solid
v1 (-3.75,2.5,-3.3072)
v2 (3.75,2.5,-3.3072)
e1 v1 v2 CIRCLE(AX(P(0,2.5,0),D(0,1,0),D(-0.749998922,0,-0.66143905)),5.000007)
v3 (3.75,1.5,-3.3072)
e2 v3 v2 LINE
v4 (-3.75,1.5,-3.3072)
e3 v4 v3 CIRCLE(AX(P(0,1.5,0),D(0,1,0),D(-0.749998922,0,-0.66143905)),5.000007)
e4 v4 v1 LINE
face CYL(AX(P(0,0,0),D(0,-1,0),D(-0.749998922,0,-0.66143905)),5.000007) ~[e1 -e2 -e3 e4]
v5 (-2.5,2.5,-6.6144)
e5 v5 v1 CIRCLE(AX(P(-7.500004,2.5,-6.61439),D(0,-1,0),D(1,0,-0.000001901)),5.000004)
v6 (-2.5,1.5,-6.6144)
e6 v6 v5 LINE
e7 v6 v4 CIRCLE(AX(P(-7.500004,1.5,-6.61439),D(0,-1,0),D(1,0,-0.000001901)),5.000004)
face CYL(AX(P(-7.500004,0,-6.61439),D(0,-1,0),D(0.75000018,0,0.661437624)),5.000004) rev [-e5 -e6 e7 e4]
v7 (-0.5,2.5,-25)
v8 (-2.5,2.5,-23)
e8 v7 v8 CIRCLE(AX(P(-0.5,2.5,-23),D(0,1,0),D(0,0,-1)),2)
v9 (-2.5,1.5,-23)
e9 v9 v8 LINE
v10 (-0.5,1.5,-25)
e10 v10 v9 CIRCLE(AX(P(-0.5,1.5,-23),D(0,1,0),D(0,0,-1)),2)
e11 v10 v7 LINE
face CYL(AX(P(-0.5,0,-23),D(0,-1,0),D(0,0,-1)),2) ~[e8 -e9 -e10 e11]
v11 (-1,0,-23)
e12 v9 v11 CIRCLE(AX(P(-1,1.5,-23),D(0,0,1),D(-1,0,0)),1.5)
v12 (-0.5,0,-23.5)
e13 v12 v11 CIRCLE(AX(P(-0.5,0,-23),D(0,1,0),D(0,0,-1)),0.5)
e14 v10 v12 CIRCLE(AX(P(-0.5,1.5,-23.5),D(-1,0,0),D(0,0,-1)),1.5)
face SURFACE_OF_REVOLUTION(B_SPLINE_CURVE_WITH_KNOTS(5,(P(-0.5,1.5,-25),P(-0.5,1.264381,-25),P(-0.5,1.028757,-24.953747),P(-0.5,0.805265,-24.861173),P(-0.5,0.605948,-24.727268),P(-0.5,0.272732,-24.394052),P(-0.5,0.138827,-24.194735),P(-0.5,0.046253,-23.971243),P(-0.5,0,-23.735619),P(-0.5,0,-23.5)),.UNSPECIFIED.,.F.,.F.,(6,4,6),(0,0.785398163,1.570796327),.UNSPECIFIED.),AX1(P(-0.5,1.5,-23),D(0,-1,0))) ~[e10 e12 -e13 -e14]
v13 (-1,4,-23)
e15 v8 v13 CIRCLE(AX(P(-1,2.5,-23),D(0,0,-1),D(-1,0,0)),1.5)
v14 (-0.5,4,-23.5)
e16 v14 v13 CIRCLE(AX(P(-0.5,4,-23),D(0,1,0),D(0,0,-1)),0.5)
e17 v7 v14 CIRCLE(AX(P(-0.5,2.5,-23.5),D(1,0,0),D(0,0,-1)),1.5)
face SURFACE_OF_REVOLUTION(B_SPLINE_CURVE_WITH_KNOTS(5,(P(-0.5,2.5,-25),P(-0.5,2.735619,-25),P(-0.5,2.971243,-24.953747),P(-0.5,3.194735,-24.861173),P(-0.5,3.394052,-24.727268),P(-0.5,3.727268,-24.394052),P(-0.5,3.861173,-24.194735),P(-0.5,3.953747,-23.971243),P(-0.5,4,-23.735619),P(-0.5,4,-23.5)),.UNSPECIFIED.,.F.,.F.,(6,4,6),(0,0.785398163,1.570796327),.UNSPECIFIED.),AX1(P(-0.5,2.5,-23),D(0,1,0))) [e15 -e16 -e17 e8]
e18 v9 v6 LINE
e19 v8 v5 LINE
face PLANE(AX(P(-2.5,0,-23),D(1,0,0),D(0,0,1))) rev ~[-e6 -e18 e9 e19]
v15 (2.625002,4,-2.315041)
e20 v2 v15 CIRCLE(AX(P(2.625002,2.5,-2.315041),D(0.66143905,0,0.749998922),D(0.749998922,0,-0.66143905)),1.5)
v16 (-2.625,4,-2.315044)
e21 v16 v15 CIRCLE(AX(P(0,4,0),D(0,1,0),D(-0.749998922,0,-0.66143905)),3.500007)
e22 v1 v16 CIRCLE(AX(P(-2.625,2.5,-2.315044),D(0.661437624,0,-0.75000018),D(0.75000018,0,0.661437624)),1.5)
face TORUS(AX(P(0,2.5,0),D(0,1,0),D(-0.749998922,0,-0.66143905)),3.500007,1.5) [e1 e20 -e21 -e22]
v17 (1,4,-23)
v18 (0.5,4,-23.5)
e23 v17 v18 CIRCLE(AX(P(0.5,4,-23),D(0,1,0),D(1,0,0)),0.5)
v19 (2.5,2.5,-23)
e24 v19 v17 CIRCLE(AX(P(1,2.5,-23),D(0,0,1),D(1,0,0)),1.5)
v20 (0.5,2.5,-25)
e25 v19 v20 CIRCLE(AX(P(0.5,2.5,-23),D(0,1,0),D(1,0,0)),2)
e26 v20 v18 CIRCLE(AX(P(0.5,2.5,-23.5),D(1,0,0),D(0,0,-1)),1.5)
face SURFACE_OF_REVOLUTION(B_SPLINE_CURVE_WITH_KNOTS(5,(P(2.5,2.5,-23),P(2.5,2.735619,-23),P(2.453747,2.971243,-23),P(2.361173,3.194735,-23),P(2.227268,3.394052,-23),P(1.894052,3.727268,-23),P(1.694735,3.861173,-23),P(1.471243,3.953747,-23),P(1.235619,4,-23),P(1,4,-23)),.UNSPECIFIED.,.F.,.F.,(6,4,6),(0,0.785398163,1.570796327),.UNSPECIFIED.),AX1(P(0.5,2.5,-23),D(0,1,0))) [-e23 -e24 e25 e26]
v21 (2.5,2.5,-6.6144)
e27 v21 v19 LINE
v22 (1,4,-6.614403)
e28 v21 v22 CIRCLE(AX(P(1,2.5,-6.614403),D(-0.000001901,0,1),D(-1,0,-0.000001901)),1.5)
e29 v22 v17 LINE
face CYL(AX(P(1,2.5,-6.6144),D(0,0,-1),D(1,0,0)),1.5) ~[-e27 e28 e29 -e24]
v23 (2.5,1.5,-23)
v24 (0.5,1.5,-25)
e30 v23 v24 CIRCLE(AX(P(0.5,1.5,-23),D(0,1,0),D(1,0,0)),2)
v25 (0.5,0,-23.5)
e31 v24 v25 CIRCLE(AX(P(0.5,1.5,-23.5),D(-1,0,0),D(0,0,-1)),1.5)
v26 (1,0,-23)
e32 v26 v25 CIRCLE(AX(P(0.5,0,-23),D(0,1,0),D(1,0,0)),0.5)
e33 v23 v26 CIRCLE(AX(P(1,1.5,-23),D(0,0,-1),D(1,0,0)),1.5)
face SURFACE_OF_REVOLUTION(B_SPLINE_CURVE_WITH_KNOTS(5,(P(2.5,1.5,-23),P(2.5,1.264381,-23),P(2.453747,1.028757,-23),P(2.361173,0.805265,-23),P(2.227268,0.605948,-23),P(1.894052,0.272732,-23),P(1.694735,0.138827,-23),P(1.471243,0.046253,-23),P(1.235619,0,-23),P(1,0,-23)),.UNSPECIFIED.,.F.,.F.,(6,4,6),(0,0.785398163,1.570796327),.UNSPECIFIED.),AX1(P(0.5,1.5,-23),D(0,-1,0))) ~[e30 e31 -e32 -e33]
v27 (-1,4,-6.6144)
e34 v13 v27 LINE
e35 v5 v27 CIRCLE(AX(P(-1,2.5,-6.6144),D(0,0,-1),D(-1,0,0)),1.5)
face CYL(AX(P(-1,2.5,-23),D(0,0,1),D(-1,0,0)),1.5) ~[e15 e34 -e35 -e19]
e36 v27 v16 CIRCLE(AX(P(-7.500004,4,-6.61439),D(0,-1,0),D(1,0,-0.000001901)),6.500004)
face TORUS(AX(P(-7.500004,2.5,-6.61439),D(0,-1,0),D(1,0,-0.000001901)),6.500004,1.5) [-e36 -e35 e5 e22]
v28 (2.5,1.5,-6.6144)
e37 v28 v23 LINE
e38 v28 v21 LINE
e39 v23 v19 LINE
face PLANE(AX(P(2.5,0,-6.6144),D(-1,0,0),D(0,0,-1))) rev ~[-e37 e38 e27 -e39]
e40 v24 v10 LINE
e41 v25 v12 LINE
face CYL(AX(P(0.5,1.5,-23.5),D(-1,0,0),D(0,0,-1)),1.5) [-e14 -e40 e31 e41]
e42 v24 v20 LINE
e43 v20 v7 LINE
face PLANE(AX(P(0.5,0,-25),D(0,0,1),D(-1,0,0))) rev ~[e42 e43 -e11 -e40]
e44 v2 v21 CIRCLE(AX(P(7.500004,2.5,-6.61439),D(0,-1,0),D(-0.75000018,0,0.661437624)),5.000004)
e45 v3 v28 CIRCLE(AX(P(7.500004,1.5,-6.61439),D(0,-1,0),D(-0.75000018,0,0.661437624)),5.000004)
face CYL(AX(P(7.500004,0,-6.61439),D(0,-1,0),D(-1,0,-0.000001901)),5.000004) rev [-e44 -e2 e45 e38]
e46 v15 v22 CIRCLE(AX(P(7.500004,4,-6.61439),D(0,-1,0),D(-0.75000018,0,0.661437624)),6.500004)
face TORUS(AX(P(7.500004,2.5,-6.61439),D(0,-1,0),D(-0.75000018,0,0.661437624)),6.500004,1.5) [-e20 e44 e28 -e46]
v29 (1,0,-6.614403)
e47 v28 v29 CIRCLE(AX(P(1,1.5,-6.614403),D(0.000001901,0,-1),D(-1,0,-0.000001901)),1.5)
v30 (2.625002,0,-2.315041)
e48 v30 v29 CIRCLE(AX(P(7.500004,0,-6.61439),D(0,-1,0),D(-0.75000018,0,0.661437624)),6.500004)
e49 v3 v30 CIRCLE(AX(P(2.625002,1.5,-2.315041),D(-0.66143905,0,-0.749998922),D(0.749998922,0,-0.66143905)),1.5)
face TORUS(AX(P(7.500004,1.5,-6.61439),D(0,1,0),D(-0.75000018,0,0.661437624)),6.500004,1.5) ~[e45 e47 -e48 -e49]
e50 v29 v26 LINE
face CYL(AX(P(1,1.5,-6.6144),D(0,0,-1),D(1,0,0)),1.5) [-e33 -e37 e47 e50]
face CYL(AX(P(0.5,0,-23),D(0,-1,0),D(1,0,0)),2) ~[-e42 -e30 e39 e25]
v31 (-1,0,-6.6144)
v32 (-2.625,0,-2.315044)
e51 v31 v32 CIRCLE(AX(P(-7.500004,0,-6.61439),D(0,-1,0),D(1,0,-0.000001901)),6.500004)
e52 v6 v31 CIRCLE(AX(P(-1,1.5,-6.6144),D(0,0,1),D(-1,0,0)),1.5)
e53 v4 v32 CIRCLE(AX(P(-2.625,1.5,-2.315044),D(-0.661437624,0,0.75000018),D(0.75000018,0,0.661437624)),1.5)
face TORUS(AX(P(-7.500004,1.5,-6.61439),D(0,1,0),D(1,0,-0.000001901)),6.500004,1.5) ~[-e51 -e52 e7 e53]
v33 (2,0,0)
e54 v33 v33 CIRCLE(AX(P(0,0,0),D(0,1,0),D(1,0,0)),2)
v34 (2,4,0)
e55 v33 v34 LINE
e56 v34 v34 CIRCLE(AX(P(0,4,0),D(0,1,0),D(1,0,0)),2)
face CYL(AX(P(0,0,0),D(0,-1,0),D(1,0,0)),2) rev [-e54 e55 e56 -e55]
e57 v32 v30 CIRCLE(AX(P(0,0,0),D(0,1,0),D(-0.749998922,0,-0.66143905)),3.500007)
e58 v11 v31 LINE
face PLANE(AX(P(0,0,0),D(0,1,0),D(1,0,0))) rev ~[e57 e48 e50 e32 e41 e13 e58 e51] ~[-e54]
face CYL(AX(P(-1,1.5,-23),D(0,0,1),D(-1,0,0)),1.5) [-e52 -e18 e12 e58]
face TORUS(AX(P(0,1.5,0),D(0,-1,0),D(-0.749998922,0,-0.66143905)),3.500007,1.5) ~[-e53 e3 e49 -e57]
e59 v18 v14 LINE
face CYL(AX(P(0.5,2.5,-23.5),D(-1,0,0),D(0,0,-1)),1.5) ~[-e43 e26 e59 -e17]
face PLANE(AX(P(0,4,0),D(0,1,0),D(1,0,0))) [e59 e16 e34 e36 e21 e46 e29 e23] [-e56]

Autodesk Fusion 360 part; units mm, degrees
sketch "Sketch1" plane through (0, 0, 0) normal (0, 1, 0) x (1, 0, 0)
  line L0 (2.5, 6.6144) -> (2.5, 23)
  line L1 (0.5, 25) -> (-0.5, 25)
  line L2 (-2.5, 23) -> (-2.5, 6.6144)
  arc A0 (-3.75, 3.3072) -> (3.75, 3.3072) centre (0, 0) ccw
  arc A1 (-3.75, 3.3072) -> (-2.5, 6.6144) centre (-7.5, 6.6144) ccw
  arc A2 (2.5, 6.6144) -> (3.75, 3.3072) centre (7.5, 6.6144) ccw
  arc A3 (-0.5, 25) -> (-2.5, 23) centre (-0.5, 23) ccw
  arc A4 (2.5, 23) -> (0.5, 25) centre (0.5, 23) ccw
  circle A5 centre (0, 0) radius 2
  dimension "d2" = 10
  dimension "d5" = 5
  dimension "d6" = 2
extrude "Estrusione9" add sketch "Sketch1" along normal blind 4
fillet "Raccordo2" radius 1.5 16 edges at (0, 4, -25) (-1.9142, 4, -24.4142) (-2.5, 4, -14.8072) (-2.8229, 4, -4.8466) (0, 4, 5) (2.8229, 4, -4.8466) (2.5, 4, -14.8072) (1.9142, 4, -24.4142) (0, 0, -25) (-1.9142, 0, -24.4142) (-2.5, 0, -14.8072) (-2.8229, 0, -4.8466) (0, 0, 5) (2.8229, 0, -4.8466) (2.5, 0, -14.8072) (1.9142, 0, -24.4142)
